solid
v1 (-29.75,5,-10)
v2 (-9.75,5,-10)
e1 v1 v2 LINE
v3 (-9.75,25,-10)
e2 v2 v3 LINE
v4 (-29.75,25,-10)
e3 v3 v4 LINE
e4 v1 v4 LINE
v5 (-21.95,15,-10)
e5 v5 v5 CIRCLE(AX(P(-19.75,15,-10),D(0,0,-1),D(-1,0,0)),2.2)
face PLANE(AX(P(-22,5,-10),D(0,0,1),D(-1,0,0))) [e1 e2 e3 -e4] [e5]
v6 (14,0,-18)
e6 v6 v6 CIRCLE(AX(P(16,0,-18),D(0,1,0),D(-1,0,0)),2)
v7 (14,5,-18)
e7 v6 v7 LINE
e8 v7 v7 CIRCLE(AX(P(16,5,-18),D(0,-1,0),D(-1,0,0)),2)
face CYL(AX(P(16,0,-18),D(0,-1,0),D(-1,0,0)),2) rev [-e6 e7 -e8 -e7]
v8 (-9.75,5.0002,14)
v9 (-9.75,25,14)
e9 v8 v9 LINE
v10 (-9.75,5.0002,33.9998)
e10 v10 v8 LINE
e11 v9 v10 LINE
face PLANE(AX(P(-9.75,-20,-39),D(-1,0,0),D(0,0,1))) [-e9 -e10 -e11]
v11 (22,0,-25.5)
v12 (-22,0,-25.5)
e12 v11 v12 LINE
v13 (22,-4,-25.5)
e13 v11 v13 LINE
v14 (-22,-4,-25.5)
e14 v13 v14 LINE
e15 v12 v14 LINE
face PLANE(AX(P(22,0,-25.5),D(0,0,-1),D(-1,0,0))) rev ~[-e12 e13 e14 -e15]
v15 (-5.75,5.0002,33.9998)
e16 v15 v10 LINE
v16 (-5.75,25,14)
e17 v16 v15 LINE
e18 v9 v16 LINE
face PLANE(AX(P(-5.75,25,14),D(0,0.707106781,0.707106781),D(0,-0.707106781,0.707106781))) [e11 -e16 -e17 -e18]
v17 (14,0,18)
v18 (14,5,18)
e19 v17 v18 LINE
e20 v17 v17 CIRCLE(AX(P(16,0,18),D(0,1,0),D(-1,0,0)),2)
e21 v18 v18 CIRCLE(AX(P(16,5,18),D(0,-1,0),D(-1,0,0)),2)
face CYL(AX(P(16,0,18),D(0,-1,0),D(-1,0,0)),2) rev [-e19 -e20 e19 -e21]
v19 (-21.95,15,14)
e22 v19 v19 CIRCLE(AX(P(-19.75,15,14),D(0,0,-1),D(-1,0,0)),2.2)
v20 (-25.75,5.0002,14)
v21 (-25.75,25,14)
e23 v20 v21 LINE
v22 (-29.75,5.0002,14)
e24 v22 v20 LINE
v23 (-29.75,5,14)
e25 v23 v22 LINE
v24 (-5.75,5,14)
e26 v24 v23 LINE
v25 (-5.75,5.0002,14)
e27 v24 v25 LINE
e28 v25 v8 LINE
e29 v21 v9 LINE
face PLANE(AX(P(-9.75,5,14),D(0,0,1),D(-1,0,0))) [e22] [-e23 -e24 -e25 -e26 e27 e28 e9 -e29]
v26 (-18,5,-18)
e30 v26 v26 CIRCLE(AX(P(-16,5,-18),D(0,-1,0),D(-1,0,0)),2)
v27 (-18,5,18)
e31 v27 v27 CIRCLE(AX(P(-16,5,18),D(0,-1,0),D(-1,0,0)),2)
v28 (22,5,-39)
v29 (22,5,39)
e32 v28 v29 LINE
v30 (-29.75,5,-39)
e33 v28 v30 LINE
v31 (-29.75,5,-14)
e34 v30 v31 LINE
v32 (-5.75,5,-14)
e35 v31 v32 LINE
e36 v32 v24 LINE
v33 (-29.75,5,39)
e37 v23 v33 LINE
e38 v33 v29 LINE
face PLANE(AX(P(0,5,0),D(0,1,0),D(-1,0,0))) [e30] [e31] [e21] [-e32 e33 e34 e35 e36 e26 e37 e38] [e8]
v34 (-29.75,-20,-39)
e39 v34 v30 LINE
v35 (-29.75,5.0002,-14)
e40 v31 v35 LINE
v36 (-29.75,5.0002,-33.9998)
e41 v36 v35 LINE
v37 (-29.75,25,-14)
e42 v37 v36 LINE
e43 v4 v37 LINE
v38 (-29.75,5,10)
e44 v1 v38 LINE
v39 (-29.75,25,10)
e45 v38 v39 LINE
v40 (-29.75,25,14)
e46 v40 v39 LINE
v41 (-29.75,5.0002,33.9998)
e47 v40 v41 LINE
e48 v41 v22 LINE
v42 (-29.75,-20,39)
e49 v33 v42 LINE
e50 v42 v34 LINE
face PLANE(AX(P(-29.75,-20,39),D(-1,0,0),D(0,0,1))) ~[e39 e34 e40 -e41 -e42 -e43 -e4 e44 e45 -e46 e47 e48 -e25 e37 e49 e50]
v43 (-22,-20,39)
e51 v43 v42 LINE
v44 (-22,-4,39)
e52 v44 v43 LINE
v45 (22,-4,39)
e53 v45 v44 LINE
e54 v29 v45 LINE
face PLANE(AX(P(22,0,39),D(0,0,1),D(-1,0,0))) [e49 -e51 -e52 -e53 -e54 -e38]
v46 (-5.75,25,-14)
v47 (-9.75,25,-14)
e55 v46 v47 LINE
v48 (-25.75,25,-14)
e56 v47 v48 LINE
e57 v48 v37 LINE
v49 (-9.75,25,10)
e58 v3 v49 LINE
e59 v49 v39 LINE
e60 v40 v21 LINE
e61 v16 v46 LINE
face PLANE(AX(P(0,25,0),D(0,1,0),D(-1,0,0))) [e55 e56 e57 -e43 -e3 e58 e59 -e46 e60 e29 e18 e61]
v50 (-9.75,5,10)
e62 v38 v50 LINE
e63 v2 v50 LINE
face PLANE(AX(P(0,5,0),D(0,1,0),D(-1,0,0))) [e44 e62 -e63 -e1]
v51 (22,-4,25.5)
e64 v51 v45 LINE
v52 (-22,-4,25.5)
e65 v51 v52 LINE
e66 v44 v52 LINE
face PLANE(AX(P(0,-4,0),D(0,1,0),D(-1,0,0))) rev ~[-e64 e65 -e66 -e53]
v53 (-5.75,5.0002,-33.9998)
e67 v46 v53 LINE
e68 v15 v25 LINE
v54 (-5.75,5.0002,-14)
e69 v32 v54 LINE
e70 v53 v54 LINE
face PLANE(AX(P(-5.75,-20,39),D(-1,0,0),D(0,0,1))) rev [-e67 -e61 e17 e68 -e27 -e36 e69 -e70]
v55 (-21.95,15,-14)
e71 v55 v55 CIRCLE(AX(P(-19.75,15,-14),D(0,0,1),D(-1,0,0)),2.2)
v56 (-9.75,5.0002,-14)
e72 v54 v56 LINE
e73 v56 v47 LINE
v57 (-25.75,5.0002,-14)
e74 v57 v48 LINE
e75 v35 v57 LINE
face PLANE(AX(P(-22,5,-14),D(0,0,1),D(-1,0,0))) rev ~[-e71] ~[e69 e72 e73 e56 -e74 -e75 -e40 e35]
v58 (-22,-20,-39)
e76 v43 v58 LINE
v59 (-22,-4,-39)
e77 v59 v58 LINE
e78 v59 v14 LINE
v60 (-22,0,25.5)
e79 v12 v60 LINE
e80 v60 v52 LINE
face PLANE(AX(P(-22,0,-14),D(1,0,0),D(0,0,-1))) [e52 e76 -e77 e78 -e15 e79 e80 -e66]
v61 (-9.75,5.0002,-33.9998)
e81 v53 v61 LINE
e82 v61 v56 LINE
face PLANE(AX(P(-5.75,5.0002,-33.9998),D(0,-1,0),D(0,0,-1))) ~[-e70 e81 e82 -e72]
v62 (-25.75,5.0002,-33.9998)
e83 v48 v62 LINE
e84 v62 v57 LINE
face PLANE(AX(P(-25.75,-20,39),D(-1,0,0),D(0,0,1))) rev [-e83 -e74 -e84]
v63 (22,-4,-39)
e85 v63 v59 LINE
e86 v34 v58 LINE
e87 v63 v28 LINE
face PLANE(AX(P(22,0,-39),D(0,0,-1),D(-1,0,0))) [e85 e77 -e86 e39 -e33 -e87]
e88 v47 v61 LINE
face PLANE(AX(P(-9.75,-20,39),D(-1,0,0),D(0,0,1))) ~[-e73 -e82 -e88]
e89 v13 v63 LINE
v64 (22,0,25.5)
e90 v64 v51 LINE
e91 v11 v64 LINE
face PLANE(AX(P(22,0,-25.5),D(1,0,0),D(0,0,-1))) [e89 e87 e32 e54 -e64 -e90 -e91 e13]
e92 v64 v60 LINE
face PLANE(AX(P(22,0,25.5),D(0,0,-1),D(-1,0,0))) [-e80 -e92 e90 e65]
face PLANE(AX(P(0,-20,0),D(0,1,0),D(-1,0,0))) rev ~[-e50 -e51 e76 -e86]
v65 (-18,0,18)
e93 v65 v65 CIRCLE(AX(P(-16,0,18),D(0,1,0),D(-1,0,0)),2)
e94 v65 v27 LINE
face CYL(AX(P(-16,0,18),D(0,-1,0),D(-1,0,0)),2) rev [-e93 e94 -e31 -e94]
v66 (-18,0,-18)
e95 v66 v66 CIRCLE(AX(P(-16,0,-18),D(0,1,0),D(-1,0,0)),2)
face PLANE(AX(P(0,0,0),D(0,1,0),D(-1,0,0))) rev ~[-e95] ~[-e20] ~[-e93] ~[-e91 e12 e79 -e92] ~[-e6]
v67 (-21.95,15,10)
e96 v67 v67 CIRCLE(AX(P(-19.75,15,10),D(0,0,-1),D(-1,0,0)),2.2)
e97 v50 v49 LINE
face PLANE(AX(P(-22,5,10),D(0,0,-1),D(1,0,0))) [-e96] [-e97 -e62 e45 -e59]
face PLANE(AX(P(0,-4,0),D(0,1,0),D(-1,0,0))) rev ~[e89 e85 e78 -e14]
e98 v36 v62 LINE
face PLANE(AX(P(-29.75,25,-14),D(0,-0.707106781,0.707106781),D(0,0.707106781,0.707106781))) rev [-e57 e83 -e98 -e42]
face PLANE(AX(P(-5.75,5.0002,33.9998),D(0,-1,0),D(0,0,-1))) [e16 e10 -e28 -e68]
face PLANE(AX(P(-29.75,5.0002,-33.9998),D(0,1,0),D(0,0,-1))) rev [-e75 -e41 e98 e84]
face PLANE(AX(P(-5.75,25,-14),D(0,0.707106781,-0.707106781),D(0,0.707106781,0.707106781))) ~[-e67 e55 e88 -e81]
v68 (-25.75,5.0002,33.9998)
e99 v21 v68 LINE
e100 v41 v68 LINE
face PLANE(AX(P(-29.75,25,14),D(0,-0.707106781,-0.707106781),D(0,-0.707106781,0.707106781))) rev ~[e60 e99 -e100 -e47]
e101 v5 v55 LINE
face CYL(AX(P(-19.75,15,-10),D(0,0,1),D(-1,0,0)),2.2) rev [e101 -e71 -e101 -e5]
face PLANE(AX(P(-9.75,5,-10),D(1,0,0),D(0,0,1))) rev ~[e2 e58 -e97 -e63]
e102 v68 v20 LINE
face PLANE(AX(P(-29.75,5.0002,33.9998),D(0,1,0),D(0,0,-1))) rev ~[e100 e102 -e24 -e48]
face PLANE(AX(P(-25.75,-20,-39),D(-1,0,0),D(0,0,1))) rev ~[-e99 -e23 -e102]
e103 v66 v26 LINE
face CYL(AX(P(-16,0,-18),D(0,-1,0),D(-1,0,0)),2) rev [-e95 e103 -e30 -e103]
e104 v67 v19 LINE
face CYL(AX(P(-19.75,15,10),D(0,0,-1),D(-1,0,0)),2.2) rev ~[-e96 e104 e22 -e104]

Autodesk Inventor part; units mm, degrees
ref_plane "YZ Plane" through (0, 0, 0) normal (1, 0, 0) x (0, 1, 0)
ref_plane "XY Plane" through (0, 0, 0) normal (0, 0, 1) x (1, 0, 0)
sketch "Sketch1" plane through (0, 0, 0) normal (0, 1, 0) x (-1, 0, 0)
  line L0 (16, 18) -> (16, -18) construction
  circle A0 centre (16, -18) radius 2
  line L1 (16, 0) -> (0, 0) construction
  line L2 (-16, 0) -> (0, 0) construction
  line L3 (-16, 18) -> (-16, -18) construction
  circle A1 centre (-16, 18) radius 2
  circle A2 centre (-16, -18) radius 2
  line L4 (22, -25.5) -> (-22, -25.5) construction
  line L5 (-22, -25.5) -> (22, -25.5)
  line L6 (-22, -25.5) -> (-22, 25.5)
  line L7 (22, -25.5) -> (-22, 25.5) construction
  line L8 (-22, -25.5) -> (22, 25.5) construction
  circle A3 centre (16, 18) radius 2
  line L9 (-22, 25.5) -> (22, 25.5) construction
  line L10 (-22, 25.5) -> (22, 25.5)
  circle A4 centre (16, -18) radius 4
  circle A5 centre (-16, -18) radius 4
  circle A6 centre (-16, 18) radius 4
  circle A7 centre (16, 18) radius 4
  line L11 (22, -25.5) -> (-22, -25.5)
  line L12 (-22, -25.5) -> (-22, -39)
  line L13 (-22, -39) -> (22, -39)
  line L14 (22, -39) -> (22, -25.5)
  line L15 (22, 25.5) -> (-22, 25.5)
  line L16 (-22, 25.5) -> (-22, 39)
  line L17 (-22, 39) -> (22, 39)
  line L18 (22, 39) -> (22, 25.5)
  line L19 (22, 0) -> (9.75, 0) construction
  line L20 (9.75, 0) -> (9.75, 10) construction
  line L21 (9.75, 0) -> (9.75, -10) construction
  line L22 (29.75, 10) -> (9.75, 10)
  line L23 (9.75, 10) -> (9.75, 14)
  line L24 (9.75, 14) -> (29.75, 14)
  line L25 (9.75, -10) -> (29.75, -10)
  line L26 (9.75, -10) -> (9.75, -14)
  line L27 (9.75, -14) -> (29.75, -14)
  line L28 (9.75, 10) -> (5.75, 10)
  line L29 (5.75, 10) -> (5.75, -10)
  line L30 (5.75, -10) -> (9.75, -10)
  line L31 (9.75, -10) -> (9.75, 10)
  line L32 (9.75, 14) -> (5.75, 14)
  line L33 (5.75, 14) -> (5.75, 10)
  line L34 (5.75, -10) -> (5.75, -14)
  line L35 (5.75, -14) -> (9.75, -14)
  line L36 (22, 0) -> (16, 0) construction
  line L37 (34.75, 46.236) -> (34.75, -49.0008) construction
  line L38 (22, 39) -> (29.75, 39)
  line L39 (29.75, 39) -> (29.75, -39)
  line L40 (29.75, -39) -> (22, -39)
  line L41 (22, 25.5) -> (22, -25.5)
  point P0 (9.75, -10)
  point P1 (9.75, 0)
  dimension "d0" = 36
  dimension "d1" = 4
  dimension "d2" = 4
  dimension "d3" = 36
  dimension "d4" = 4
  dimension "d5" = 4
  dimension "d6" = 32
  dimension "d7" = 51
  dimension "d8" = 44
  dimension "d9" = 2
  dimension "d10" = 2
  dimension "d11" = 2
  dimension "d12" = 2
  dimension "d13" = 13.5
  dimension "d14" = 13.5
  dimension "d19" = 4
  dimension "d20" = 20
  dimension "d75" = 9.75
  dimension "d79" = 20
  dimension "d80" = 34.75
extrude "Extrusion1" add sketch "Sketch1" against normal blind 4 contours L5 L14 L13 L12 | L16 L17 L18 L10
extrude "Extrusion2" add sketch "Sketch1" along normal blind 5 contours A0 | A1 | A2 | A4 | A7 | L6 L10 L41 L24 L32 L33 L29 L34 L35 L27 L5 | L5 L14 L13 L12 | L41 L27 L39 L40 L14 | L16 L17 L18 L10 | L41 L25 L39 L27 | L27 L26 L25 L41 | L18 L38 L39 L24 L41 | L41 L22 L39 L25 | L25 L31 L22 L41 | L41 L22 L23 L24 | L24 L39 L22 L41 | L35 L34 L30 L26 | L30 L29 L28 L31 | L28 L33 L32 L23 | A3 | A5 | A6
extrude "Extrusion14" add sketch "Sketch1" against normal blind 20 contours L41 L27 L39 L40 L14 | L41 L25 L39 L27 | L18 L38 L39 L24 L41 | L41 L22 L39 L25 | L24 L39 L22 L41
extrude "Extrusion3" add sketch "Sketch1" along normal blind 20 from surface at 5 contours L41 L25 L39 L27 | L27 L26 L25 L41 | L41 L22 L23 L24 | L24 L39 L22 L41 | L35 L34 L30 L26 | L30 L29 L28 L31 | L28 L33 L32 L23
extrude "Extrusion4" cut sketch "Sketch1" along normal through all contours A0 | A1 | A2 | A3
sketch "Sketch3" plane through (-9.75, 5, 10) normal (0, 0, -1) x (-1, 0, 0)
  circle A0 centre (10, 10) radius 2.2
  circle A1 centre (10, 10) radius 4.2
  line L0 (20, 0) -> (20, 20) projected
  line L1 (0, 0) -> (20, 0) projected
  dimension "d63" = 4.4
  dimension "d64" = 2
  dimension "d94" = 10
  dimension "d101" = 10
sketch "Sketch4" plane through (-29.75, -20, -39) normal (-1, 0, 0) x (0, 0, 1)
  line L0 (53, 45) -> (72.9998, 25.0002)
  line L1 (53, 45) -> (81.284, 45) construction
  line L2 (72.9998, 25.0002) -> (53, 25.0002)
  line L3 (53, 25.0002) -> (53, 45)
  point P0 (39, 20)
  dimension "d95" = 28.284
  dimension "d96" = 45
extrude "Extrusion15" cut sketch "Sketch3" against normal through all contours A0
extrude "Extrusion16" add sketch "Sketch4" against normal blind 4
extrude "Extrusion17" add sketch "Sketch4" along normal blind 4 from surface at -24
mirror "Mirror1" about plane through (0, 0, 0) normal (0, 0, 1) of "Extrusion16", "Extrusion17", "Extrusion15"
equation "\"d2\" = d1"
equation "\"d4\" = d1"
equation "\"d5\" = d1"
equation "\"d10\" = d9"
equation "\"d11\" = d9"
equation "\"d12\" = d9"
equation "\"d14\" = d13"
properties part number "XY Rail Bracket"
